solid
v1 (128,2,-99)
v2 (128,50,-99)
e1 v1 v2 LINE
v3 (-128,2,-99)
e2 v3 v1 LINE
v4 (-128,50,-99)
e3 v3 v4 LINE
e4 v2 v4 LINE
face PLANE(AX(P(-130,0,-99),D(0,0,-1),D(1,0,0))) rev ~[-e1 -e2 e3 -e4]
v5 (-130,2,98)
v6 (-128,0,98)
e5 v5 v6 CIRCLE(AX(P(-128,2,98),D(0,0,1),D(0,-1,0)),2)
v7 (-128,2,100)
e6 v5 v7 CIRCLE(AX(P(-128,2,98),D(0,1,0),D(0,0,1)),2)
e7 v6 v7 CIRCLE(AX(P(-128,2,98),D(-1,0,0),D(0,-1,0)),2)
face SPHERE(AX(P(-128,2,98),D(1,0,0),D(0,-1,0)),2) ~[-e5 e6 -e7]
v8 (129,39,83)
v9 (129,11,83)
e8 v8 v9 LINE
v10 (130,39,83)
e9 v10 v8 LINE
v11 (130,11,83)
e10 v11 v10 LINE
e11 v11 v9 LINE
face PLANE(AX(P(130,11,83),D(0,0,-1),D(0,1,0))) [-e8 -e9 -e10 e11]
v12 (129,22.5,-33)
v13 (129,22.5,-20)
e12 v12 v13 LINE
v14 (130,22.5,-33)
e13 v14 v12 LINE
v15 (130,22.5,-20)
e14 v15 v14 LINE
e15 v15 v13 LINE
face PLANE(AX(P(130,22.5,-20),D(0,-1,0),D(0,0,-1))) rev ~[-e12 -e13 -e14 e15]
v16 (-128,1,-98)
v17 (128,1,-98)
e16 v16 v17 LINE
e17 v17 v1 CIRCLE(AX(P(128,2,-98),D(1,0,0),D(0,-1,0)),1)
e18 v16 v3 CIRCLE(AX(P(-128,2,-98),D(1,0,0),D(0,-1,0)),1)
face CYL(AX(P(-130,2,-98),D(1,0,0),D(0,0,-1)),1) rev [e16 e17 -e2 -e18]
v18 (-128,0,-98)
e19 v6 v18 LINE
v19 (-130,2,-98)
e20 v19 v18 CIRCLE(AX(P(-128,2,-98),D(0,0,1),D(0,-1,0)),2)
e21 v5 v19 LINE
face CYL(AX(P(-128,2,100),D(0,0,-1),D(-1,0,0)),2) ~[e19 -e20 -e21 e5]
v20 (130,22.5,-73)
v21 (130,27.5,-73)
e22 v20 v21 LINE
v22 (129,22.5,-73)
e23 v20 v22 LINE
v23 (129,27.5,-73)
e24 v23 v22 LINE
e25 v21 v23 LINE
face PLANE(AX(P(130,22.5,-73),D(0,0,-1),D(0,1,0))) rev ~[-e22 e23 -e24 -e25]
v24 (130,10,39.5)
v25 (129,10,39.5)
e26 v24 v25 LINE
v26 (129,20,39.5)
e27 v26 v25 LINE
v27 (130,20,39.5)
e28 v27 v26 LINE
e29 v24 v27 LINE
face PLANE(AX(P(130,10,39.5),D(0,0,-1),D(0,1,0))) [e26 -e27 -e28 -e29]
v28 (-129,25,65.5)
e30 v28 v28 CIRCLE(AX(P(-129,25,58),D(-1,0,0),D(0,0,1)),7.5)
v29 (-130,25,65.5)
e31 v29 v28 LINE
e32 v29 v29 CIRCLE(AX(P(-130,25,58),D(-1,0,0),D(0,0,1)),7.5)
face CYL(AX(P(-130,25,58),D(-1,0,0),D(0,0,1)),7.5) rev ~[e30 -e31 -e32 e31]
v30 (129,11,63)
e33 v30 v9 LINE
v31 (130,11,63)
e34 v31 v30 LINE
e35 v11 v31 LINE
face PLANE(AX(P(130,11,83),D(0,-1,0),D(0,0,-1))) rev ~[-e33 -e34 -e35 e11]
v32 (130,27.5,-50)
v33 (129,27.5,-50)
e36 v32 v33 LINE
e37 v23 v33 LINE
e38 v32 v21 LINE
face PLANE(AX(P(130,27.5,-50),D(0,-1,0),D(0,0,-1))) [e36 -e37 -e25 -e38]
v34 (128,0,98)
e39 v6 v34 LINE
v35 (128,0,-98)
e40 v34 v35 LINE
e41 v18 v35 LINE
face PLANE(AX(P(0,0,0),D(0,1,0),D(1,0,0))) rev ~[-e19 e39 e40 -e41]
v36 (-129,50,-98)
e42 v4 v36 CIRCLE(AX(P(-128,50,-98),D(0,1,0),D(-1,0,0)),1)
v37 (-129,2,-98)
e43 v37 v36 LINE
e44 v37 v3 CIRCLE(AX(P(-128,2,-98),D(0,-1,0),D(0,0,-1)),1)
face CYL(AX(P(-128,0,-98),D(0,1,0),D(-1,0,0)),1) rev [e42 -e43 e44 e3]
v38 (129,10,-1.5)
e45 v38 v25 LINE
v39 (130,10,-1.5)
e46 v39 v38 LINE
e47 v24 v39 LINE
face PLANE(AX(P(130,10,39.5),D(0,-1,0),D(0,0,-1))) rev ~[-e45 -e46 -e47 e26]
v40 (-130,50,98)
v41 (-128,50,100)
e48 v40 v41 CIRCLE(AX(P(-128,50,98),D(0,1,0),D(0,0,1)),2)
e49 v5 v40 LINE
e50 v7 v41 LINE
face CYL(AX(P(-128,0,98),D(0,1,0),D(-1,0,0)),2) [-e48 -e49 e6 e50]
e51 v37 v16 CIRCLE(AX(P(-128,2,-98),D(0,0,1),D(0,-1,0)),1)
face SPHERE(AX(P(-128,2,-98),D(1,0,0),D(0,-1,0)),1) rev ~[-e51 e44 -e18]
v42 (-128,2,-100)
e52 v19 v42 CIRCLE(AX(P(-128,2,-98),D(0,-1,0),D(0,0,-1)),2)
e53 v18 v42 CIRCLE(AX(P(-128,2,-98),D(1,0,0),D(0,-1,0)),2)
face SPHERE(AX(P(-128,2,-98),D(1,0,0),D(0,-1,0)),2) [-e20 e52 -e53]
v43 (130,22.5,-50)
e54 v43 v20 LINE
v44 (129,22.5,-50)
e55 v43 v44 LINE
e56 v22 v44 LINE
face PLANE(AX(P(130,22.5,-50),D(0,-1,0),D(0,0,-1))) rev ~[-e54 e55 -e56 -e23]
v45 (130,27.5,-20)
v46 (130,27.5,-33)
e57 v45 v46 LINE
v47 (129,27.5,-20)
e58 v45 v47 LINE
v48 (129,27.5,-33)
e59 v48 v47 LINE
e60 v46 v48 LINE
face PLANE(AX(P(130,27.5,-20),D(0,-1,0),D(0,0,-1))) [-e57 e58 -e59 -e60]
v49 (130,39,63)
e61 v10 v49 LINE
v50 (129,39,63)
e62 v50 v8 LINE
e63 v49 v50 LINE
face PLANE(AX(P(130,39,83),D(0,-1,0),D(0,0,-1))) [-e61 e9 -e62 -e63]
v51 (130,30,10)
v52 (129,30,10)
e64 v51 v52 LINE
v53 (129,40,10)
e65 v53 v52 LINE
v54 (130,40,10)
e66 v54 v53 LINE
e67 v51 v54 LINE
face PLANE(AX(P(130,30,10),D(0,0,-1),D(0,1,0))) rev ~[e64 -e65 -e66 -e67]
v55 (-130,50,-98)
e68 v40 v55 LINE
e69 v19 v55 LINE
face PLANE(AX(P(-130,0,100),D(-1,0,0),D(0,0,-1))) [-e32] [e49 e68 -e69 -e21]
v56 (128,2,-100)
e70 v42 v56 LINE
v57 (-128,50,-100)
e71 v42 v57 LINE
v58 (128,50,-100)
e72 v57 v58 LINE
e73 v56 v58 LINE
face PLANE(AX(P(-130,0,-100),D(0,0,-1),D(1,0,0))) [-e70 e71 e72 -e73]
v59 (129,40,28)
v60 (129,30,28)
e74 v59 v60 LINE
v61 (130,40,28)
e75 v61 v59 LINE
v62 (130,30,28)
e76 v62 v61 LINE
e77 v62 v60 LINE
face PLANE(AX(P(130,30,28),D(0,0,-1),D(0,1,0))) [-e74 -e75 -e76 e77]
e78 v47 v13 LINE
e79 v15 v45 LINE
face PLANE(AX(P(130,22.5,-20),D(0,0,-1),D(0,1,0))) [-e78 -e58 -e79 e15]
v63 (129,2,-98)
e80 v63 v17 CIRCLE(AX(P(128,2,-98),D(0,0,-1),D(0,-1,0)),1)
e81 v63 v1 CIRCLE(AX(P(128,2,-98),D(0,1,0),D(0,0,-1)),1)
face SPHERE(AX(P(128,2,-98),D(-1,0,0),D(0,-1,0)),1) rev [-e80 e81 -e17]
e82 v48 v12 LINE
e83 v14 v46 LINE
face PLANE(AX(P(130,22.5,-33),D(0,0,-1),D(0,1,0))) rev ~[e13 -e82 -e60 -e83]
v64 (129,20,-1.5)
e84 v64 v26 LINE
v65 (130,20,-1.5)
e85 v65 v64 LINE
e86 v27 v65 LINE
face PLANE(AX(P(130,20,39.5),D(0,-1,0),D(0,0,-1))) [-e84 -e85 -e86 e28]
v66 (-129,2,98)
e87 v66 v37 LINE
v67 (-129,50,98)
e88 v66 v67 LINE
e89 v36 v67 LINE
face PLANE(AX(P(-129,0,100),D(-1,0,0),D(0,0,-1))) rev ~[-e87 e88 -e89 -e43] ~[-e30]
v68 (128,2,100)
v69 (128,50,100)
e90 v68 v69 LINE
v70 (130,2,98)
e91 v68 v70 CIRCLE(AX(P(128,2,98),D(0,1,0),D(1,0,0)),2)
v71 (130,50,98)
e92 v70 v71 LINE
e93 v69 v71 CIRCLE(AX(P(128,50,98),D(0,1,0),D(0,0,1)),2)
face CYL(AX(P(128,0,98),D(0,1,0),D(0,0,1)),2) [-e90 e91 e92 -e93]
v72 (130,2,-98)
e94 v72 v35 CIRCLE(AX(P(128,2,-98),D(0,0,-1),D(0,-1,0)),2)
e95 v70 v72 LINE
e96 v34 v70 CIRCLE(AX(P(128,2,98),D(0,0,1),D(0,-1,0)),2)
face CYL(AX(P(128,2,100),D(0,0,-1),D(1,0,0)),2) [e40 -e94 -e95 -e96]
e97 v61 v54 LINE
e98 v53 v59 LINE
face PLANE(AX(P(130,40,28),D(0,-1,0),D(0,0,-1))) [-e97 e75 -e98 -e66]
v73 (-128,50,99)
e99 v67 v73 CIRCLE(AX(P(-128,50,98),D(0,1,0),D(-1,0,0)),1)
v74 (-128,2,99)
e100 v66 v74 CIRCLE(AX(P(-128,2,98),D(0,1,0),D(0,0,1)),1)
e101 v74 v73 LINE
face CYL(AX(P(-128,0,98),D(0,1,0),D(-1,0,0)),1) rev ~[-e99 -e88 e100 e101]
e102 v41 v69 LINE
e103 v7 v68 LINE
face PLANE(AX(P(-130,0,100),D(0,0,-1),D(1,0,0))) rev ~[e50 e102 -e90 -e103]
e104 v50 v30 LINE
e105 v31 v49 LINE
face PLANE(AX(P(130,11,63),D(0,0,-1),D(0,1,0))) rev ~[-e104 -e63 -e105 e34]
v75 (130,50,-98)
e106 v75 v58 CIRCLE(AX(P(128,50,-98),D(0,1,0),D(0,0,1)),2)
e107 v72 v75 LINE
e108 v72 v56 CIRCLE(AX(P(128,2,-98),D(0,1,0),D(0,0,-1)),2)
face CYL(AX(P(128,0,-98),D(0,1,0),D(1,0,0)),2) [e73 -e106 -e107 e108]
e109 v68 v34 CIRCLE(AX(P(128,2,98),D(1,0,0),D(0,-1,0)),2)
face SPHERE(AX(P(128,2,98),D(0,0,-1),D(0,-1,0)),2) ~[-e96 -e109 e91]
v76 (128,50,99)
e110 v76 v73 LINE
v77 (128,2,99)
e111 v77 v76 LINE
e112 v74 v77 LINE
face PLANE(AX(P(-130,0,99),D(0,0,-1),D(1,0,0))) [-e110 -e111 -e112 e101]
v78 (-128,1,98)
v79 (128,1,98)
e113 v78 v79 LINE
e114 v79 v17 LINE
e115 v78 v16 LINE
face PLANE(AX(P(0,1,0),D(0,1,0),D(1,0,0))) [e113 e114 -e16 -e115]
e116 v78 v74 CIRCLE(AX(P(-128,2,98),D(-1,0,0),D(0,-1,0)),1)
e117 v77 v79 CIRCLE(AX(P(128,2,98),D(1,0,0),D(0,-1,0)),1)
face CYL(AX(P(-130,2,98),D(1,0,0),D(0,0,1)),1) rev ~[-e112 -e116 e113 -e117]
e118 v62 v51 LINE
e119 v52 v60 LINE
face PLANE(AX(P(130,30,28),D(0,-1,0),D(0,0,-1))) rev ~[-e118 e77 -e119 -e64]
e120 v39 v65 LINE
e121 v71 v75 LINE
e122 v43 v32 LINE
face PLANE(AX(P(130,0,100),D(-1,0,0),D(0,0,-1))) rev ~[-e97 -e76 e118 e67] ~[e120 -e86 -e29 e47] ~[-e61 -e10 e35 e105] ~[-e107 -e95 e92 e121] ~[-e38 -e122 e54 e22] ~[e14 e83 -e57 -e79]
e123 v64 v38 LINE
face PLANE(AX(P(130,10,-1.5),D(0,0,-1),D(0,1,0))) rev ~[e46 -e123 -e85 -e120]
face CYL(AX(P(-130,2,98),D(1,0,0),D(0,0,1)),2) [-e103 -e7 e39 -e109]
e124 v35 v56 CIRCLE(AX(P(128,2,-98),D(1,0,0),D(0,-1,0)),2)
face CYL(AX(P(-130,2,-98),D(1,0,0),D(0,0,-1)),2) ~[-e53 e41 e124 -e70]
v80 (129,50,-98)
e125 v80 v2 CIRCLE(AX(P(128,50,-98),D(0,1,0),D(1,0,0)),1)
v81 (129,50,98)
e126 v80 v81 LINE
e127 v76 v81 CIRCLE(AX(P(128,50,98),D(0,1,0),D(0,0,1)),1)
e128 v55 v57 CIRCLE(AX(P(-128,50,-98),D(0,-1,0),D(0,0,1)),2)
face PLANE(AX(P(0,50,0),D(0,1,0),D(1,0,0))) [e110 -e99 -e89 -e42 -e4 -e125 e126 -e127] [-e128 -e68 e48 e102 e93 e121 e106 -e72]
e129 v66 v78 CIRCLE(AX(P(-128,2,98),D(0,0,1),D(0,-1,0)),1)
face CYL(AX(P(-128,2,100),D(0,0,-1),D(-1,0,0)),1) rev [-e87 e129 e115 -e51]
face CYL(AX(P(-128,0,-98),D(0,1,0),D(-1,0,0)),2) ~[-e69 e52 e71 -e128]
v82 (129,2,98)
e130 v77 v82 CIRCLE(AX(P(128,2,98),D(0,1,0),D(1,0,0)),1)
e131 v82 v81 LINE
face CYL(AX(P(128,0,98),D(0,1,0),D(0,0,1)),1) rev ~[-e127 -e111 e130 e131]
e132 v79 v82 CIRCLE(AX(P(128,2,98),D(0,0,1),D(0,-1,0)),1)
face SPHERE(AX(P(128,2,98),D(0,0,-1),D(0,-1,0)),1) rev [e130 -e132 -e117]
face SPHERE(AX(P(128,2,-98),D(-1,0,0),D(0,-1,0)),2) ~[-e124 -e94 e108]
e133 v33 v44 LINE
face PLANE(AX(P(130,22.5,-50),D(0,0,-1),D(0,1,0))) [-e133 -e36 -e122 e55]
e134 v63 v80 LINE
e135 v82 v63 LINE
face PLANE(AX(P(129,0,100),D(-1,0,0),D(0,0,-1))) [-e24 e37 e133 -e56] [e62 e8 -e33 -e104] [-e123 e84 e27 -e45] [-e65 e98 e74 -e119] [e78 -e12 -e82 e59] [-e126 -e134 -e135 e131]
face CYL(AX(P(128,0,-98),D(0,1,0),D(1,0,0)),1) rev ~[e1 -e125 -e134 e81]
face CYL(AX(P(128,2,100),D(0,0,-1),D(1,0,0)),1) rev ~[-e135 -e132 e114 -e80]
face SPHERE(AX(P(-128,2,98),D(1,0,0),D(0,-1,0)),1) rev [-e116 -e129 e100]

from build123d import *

# Parameters (mm, degrees)
SKETCH1_W           = 260
SKETCH1_H           = 200
BOSS_EXTRUDE1_DEPTH = 50
FILLET1_R           = 2
SHELL1_T            = -1
SKETCH2_W           = 41
SKETCH2_H           = 10
SKETCH2_W_2         = 18
SKETCH2_W_3         = 13
SKETCH2_H_2         = 5
SKETCH2_W_4         = 23
SKETCH2_W_5         = 20
SKETCH2_H_3         = 28
CUT_EXTRUDE1_DEPTH  = 50
SKETCH3_R           = 7.5
CUT_EXTRUDE2_DEPTH  = 50


with BuildPart() as part:
    # Sketch1 → Boss-Extrude1 (new body)
    with BuildSketch(Plane(origin=(0, 0, 0), x_dir=(1, 0, 0), z_dir=(0, 1, 0))):
        Rectangle(SKETCH1_W, SKETCH1_H)
    extrude(amount=BOSS_EXTRUDE1_DEPTH)

    # Fillet1
    fillet1_edges = [part.edges().sort_by_distance(p)[0] for p in [
        (0, 0, -100),
        (130, 0, 0),
        (0, 0, 100),
        (-130, 0, 0),
        (-130, 25, -100),
        (130, 25, -100),
        (130, 25, 100),
        (-130, 25, 100),
    ]]
    fillet(fillet1_edges, radius=FILLET1_R)

    # Shell1
    shell1_openings = [part.faces().sort_by_distance(p)[0] for p in [
        (0, 50, 0),
    ]]
    offset(amount=SHELL1_T, openings=shell1_openings, kind=Kind.INTERSECTION)

    # Sketch2 → Cut-Extrude1 (cut)
    with BuildSketch(Plane(origin=(130, 0, 0), x_dir=(0, 0, -1), z_dir=(1, 0, 0))):
        with Locations((-19, 15)):
            Rectangle(SKETCH2_W, SKETCH2_H)
        with Locations((-19, 35)):
            Rectangle(SKETCH2_W_2, SKETCH2_H)
        with Locations((26.5, 25)):
            Rectangle(SKETCH2_W_3, SKETCH2_H_2)
        with Locations((61.5, 25)):
            Rectangle(SKETCH2_W_4, SKETCH2_H_2)
        with Locations((-73, 25)):
            Rectangle(SKETCH2_W_5, SKETCH2_H_3)
    extrude(amount=-CUT_EXTRUDE1_DEPTH, mode=Mode.SUBTRACT)

    # Sketch3 → Cut-Extrude2 (cut)
    with BuildSketch(Plane.ZY.offset(130)):
        with Locations((58, 25)):
            Circle(SKETCH3_R)
    extrude(amount=-CUT_EXTRUDE2_DEPTH, mode=Mode.SUBTRACT)


solid = part.part
